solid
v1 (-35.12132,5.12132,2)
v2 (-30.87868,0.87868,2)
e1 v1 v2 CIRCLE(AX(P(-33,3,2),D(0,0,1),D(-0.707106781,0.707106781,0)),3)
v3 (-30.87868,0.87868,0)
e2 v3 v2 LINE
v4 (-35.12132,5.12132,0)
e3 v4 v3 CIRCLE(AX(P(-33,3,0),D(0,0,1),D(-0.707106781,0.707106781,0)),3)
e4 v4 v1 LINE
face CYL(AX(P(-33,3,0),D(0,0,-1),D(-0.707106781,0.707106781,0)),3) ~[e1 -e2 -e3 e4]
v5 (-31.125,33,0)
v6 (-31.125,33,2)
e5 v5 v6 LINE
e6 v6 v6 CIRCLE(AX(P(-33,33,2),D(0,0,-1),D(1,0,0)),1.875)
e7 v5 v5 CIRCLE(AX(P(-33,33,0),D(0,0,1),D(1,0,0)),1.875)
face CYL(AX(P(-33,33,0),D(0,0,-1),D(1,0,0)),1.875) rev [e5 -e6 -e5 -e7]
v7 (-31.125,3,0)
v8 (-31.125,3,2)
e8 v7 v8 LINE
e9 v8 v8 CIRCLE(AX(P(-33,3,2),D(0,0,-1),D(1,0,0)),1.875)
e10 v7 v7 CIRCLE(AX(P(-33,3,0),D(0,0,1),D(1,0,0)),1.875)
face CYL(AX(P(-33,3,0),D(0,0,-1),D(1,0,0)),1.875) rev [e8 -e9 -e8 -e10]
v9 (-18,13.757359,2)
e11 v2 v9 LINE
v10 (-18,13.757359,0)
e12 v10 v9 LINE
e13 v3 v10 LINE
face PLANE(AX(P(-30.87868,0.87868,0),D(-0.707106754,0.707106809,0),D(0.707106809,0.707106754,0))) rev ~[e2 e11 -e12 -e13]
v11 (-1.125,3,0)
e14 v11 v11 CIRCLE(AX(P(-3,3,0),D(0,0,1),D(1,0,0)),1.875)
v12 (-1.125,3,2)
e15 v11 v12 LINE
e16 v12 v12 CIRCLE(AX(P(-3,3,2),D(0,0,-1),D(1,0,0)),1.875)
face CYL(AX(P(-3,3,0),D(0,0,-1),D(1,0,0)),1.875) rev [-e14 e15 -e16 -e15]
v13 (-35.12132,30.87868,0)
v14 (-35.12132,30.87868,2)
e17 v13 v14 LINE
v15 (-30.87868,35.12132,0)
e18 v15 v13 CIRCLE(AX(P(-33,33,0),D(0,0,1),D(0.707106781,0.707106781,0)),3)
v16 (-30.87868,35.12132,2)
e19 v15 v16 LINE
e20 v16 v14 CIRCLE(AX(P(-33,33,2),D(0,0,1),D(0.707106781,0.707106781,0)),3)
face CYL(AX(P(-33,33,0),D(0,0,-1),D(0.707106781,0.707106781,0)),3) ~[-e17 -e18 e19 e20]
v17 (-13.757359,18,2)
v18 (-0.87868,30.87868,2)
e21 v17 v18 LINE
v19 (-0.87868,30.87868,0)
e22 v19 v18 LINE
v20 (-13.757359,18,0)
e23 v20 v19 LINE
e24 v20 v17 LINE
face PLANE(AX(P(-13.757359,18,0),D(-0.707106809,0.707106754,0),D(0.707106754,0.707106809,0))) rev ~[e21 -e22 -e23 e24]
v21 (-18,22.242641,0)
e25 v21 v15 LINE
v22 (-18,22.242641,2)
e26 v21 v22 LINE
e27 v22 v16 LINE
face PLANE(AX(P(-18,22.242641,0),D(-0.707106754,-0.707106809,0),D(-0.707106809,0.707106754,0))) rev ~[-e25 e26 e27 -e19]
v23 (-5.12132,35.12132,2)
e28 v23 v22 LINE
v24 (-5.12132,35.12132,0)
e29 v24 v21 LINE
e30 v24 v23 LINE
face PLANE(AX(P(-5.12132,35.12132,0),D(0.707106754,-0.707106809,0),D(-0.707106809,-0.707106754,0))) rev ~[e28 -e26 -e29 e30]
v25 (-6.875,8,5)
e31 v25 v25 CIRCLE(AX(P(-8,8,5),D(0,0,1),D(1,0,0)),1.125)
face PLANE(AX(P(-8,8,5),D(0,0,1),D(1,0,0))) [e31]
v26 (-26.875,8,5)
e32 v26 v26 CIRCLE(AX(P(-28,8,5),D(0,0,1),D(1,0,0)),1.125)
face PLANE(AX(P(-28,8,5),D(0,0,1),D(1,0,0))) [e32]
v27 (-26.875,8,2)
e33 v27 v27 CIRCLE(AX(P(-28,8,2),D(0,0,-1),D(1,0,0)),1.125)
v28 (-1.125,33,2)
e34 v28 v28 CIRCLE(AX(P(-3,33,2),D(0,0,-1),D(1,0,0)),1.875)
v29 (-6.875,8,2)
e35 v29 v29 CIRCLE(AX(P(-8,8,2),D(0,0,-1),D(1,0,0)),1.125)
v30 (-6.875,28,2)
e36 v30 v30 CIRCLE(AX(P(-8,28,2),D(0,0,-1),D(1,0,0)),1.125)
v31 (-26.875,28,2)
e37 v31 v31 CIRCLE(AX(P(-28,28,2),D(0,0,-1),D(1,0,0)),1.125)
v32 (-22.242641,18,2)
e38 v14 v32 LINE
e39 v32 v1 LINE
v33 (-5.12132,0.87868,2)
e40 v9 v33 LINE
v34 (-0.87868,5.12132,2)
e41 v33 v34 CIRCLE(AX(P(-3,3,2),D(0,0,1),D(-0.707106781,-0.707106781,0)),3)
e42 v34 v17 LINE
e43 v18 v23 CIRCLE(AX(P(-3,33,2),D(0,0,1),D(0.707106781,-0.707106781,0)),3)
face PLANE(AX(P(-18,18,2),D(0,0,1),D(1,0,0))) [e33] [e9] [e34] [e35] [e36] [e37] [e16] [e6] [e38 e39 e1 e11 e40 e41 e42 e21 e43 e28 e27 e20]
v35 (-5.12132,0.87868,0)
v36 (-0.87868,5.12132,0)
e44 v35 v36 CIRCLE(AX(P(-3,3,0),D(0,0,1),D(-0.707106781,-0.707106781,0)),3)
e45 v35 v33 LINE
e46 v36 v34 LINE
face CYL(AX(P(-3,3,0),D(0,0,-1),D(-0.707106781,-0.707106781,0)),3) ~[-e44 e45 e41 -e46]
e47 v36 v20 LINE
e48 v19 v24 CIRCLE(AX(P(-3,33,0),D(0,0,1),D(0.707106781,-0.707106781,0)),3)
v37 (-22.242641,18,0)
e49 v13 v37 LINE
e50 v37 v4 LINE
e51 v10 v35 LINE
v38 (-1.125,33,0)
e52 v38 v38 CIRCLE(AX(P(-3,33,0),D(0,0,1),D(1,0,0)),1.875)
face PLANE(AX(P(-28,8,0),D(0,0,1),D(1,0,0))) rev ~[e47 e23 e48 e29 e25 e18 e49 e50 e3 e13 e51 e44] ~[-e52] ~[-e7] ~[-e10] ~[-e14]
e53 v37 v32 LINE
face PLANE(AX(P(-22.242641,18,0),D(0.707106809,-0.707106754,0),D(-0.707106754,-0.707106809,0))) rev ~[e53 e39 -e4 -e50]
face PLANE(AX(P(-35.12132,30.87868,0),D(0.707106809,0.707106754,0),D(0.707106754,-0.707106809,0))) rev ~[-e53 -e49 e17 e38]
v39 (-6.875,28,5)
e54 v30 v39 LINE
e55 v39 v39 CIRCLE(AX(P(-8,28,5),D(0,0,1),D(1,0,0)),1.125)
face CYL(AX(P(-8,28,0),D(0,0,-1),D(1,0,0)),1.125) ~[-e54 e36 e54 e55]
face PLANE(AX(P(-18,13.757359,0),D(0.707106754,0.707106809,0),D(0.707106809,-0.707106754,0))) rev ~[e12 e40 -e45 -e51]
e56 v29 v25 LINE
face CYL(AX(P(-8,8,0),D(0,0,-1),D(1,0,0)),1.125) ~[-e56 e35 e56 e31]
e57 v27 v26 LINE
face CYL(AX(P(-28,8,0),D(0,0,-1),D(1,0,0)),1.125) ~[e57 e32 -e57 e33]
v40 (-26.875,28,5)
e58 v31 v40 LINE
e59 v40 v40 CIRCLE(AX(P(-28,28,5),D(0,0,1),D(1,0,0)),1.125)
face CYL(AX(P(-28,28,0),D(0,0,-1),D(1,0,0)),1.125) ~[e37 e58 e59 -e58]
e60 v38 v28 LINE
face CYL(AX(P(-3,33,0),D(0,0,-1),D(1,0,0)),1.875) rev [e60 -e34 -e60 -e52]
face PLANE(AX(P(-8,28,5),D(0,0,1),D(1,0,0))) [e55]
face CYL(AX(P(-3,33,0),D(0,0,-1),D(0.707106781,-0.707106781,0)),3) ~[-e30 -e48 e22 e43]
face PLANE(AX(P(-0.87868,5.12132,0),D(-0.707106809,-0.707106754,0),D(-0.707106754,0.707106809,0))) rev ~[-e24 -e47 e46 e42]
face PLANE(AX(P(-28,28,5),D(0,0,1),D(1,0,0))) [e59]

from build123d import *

# Parameters (mm, degrees)
F5_DEPTH = 2
F3_R     = 1.875
F6_DEPTH = 10
F4_R     = 1.125
F7_DEPTH = 5


with BuildPart() as f5:
    # F2 (on Top) → F5 (new body)
    with BuildSketch(Plane.XY):
        with BuildLine():
            Line((-18, 22.242641), (-30.87868, 35.12132))
            ThreePointArc((-30.87868, 35.12132), (-35.12132, 35.12132), (-35.12132, 30.87868))
            Line((-35.12132, 30.87868), (-22.242641, 18))
            Line((-22.242641, 18), (-35.12132, 5.12132))
            ThreePointArc((-35.12132, 5.12132), (-35.12132, 0.87868), (-30.87868, 0.87868))
            Line((-30.87868, 0.87868), (-18, 13.757359))
            Line((-18, 13.757359), (-5.12132, 0.87868))
            ThreePointArc((-5.12132, 0.87868), (-0.87868, 0.87868), (-0.87868, 5.12132))
            Line((-0.87868, 5.12132), (-13.757359, 18))
            Line((-13.757359, 18), (-0.87868, 30.87868))
            ThreePointArc((-0.87868, 30.87868), (-0.87868, 35.12132), (-5.12132, 35.12132))
            Line((-5.12132, 35.12132), (-18, 22.242641))
        make_face()
    extrude(amount=F5_DEPTH)

    # F3 (on Top) → F6 (cut)
    with BuildSketch(Plane.XY):
        with Locations((-33, 33)):
            Circle(F3_R)
        with Locations((-3, 33)):
            Circle(F3_R)
        with Locations((-3, 3)):
            Circle(F3_R)
        with Locations((-33, 3)):
            Circle(F3_R)
    extrude(amount=F6_DEPTH, mode=Mode.SUBTRACT)

    # F4 (on Top) → F7 (join)
    with BuildSketch(Plane.XY):
        with Locations((-28, 8)):
            Circle(F4_R)
        with Locations((-8, 8)):
            Circle(F4_R)
        with Locations((-8, 28)):
            Circle(F4_R)
        with Locations((-28, 28)):
            Circle(F4_R)
    extrude(amount=F7_DEPTH)


solid = f5.part
